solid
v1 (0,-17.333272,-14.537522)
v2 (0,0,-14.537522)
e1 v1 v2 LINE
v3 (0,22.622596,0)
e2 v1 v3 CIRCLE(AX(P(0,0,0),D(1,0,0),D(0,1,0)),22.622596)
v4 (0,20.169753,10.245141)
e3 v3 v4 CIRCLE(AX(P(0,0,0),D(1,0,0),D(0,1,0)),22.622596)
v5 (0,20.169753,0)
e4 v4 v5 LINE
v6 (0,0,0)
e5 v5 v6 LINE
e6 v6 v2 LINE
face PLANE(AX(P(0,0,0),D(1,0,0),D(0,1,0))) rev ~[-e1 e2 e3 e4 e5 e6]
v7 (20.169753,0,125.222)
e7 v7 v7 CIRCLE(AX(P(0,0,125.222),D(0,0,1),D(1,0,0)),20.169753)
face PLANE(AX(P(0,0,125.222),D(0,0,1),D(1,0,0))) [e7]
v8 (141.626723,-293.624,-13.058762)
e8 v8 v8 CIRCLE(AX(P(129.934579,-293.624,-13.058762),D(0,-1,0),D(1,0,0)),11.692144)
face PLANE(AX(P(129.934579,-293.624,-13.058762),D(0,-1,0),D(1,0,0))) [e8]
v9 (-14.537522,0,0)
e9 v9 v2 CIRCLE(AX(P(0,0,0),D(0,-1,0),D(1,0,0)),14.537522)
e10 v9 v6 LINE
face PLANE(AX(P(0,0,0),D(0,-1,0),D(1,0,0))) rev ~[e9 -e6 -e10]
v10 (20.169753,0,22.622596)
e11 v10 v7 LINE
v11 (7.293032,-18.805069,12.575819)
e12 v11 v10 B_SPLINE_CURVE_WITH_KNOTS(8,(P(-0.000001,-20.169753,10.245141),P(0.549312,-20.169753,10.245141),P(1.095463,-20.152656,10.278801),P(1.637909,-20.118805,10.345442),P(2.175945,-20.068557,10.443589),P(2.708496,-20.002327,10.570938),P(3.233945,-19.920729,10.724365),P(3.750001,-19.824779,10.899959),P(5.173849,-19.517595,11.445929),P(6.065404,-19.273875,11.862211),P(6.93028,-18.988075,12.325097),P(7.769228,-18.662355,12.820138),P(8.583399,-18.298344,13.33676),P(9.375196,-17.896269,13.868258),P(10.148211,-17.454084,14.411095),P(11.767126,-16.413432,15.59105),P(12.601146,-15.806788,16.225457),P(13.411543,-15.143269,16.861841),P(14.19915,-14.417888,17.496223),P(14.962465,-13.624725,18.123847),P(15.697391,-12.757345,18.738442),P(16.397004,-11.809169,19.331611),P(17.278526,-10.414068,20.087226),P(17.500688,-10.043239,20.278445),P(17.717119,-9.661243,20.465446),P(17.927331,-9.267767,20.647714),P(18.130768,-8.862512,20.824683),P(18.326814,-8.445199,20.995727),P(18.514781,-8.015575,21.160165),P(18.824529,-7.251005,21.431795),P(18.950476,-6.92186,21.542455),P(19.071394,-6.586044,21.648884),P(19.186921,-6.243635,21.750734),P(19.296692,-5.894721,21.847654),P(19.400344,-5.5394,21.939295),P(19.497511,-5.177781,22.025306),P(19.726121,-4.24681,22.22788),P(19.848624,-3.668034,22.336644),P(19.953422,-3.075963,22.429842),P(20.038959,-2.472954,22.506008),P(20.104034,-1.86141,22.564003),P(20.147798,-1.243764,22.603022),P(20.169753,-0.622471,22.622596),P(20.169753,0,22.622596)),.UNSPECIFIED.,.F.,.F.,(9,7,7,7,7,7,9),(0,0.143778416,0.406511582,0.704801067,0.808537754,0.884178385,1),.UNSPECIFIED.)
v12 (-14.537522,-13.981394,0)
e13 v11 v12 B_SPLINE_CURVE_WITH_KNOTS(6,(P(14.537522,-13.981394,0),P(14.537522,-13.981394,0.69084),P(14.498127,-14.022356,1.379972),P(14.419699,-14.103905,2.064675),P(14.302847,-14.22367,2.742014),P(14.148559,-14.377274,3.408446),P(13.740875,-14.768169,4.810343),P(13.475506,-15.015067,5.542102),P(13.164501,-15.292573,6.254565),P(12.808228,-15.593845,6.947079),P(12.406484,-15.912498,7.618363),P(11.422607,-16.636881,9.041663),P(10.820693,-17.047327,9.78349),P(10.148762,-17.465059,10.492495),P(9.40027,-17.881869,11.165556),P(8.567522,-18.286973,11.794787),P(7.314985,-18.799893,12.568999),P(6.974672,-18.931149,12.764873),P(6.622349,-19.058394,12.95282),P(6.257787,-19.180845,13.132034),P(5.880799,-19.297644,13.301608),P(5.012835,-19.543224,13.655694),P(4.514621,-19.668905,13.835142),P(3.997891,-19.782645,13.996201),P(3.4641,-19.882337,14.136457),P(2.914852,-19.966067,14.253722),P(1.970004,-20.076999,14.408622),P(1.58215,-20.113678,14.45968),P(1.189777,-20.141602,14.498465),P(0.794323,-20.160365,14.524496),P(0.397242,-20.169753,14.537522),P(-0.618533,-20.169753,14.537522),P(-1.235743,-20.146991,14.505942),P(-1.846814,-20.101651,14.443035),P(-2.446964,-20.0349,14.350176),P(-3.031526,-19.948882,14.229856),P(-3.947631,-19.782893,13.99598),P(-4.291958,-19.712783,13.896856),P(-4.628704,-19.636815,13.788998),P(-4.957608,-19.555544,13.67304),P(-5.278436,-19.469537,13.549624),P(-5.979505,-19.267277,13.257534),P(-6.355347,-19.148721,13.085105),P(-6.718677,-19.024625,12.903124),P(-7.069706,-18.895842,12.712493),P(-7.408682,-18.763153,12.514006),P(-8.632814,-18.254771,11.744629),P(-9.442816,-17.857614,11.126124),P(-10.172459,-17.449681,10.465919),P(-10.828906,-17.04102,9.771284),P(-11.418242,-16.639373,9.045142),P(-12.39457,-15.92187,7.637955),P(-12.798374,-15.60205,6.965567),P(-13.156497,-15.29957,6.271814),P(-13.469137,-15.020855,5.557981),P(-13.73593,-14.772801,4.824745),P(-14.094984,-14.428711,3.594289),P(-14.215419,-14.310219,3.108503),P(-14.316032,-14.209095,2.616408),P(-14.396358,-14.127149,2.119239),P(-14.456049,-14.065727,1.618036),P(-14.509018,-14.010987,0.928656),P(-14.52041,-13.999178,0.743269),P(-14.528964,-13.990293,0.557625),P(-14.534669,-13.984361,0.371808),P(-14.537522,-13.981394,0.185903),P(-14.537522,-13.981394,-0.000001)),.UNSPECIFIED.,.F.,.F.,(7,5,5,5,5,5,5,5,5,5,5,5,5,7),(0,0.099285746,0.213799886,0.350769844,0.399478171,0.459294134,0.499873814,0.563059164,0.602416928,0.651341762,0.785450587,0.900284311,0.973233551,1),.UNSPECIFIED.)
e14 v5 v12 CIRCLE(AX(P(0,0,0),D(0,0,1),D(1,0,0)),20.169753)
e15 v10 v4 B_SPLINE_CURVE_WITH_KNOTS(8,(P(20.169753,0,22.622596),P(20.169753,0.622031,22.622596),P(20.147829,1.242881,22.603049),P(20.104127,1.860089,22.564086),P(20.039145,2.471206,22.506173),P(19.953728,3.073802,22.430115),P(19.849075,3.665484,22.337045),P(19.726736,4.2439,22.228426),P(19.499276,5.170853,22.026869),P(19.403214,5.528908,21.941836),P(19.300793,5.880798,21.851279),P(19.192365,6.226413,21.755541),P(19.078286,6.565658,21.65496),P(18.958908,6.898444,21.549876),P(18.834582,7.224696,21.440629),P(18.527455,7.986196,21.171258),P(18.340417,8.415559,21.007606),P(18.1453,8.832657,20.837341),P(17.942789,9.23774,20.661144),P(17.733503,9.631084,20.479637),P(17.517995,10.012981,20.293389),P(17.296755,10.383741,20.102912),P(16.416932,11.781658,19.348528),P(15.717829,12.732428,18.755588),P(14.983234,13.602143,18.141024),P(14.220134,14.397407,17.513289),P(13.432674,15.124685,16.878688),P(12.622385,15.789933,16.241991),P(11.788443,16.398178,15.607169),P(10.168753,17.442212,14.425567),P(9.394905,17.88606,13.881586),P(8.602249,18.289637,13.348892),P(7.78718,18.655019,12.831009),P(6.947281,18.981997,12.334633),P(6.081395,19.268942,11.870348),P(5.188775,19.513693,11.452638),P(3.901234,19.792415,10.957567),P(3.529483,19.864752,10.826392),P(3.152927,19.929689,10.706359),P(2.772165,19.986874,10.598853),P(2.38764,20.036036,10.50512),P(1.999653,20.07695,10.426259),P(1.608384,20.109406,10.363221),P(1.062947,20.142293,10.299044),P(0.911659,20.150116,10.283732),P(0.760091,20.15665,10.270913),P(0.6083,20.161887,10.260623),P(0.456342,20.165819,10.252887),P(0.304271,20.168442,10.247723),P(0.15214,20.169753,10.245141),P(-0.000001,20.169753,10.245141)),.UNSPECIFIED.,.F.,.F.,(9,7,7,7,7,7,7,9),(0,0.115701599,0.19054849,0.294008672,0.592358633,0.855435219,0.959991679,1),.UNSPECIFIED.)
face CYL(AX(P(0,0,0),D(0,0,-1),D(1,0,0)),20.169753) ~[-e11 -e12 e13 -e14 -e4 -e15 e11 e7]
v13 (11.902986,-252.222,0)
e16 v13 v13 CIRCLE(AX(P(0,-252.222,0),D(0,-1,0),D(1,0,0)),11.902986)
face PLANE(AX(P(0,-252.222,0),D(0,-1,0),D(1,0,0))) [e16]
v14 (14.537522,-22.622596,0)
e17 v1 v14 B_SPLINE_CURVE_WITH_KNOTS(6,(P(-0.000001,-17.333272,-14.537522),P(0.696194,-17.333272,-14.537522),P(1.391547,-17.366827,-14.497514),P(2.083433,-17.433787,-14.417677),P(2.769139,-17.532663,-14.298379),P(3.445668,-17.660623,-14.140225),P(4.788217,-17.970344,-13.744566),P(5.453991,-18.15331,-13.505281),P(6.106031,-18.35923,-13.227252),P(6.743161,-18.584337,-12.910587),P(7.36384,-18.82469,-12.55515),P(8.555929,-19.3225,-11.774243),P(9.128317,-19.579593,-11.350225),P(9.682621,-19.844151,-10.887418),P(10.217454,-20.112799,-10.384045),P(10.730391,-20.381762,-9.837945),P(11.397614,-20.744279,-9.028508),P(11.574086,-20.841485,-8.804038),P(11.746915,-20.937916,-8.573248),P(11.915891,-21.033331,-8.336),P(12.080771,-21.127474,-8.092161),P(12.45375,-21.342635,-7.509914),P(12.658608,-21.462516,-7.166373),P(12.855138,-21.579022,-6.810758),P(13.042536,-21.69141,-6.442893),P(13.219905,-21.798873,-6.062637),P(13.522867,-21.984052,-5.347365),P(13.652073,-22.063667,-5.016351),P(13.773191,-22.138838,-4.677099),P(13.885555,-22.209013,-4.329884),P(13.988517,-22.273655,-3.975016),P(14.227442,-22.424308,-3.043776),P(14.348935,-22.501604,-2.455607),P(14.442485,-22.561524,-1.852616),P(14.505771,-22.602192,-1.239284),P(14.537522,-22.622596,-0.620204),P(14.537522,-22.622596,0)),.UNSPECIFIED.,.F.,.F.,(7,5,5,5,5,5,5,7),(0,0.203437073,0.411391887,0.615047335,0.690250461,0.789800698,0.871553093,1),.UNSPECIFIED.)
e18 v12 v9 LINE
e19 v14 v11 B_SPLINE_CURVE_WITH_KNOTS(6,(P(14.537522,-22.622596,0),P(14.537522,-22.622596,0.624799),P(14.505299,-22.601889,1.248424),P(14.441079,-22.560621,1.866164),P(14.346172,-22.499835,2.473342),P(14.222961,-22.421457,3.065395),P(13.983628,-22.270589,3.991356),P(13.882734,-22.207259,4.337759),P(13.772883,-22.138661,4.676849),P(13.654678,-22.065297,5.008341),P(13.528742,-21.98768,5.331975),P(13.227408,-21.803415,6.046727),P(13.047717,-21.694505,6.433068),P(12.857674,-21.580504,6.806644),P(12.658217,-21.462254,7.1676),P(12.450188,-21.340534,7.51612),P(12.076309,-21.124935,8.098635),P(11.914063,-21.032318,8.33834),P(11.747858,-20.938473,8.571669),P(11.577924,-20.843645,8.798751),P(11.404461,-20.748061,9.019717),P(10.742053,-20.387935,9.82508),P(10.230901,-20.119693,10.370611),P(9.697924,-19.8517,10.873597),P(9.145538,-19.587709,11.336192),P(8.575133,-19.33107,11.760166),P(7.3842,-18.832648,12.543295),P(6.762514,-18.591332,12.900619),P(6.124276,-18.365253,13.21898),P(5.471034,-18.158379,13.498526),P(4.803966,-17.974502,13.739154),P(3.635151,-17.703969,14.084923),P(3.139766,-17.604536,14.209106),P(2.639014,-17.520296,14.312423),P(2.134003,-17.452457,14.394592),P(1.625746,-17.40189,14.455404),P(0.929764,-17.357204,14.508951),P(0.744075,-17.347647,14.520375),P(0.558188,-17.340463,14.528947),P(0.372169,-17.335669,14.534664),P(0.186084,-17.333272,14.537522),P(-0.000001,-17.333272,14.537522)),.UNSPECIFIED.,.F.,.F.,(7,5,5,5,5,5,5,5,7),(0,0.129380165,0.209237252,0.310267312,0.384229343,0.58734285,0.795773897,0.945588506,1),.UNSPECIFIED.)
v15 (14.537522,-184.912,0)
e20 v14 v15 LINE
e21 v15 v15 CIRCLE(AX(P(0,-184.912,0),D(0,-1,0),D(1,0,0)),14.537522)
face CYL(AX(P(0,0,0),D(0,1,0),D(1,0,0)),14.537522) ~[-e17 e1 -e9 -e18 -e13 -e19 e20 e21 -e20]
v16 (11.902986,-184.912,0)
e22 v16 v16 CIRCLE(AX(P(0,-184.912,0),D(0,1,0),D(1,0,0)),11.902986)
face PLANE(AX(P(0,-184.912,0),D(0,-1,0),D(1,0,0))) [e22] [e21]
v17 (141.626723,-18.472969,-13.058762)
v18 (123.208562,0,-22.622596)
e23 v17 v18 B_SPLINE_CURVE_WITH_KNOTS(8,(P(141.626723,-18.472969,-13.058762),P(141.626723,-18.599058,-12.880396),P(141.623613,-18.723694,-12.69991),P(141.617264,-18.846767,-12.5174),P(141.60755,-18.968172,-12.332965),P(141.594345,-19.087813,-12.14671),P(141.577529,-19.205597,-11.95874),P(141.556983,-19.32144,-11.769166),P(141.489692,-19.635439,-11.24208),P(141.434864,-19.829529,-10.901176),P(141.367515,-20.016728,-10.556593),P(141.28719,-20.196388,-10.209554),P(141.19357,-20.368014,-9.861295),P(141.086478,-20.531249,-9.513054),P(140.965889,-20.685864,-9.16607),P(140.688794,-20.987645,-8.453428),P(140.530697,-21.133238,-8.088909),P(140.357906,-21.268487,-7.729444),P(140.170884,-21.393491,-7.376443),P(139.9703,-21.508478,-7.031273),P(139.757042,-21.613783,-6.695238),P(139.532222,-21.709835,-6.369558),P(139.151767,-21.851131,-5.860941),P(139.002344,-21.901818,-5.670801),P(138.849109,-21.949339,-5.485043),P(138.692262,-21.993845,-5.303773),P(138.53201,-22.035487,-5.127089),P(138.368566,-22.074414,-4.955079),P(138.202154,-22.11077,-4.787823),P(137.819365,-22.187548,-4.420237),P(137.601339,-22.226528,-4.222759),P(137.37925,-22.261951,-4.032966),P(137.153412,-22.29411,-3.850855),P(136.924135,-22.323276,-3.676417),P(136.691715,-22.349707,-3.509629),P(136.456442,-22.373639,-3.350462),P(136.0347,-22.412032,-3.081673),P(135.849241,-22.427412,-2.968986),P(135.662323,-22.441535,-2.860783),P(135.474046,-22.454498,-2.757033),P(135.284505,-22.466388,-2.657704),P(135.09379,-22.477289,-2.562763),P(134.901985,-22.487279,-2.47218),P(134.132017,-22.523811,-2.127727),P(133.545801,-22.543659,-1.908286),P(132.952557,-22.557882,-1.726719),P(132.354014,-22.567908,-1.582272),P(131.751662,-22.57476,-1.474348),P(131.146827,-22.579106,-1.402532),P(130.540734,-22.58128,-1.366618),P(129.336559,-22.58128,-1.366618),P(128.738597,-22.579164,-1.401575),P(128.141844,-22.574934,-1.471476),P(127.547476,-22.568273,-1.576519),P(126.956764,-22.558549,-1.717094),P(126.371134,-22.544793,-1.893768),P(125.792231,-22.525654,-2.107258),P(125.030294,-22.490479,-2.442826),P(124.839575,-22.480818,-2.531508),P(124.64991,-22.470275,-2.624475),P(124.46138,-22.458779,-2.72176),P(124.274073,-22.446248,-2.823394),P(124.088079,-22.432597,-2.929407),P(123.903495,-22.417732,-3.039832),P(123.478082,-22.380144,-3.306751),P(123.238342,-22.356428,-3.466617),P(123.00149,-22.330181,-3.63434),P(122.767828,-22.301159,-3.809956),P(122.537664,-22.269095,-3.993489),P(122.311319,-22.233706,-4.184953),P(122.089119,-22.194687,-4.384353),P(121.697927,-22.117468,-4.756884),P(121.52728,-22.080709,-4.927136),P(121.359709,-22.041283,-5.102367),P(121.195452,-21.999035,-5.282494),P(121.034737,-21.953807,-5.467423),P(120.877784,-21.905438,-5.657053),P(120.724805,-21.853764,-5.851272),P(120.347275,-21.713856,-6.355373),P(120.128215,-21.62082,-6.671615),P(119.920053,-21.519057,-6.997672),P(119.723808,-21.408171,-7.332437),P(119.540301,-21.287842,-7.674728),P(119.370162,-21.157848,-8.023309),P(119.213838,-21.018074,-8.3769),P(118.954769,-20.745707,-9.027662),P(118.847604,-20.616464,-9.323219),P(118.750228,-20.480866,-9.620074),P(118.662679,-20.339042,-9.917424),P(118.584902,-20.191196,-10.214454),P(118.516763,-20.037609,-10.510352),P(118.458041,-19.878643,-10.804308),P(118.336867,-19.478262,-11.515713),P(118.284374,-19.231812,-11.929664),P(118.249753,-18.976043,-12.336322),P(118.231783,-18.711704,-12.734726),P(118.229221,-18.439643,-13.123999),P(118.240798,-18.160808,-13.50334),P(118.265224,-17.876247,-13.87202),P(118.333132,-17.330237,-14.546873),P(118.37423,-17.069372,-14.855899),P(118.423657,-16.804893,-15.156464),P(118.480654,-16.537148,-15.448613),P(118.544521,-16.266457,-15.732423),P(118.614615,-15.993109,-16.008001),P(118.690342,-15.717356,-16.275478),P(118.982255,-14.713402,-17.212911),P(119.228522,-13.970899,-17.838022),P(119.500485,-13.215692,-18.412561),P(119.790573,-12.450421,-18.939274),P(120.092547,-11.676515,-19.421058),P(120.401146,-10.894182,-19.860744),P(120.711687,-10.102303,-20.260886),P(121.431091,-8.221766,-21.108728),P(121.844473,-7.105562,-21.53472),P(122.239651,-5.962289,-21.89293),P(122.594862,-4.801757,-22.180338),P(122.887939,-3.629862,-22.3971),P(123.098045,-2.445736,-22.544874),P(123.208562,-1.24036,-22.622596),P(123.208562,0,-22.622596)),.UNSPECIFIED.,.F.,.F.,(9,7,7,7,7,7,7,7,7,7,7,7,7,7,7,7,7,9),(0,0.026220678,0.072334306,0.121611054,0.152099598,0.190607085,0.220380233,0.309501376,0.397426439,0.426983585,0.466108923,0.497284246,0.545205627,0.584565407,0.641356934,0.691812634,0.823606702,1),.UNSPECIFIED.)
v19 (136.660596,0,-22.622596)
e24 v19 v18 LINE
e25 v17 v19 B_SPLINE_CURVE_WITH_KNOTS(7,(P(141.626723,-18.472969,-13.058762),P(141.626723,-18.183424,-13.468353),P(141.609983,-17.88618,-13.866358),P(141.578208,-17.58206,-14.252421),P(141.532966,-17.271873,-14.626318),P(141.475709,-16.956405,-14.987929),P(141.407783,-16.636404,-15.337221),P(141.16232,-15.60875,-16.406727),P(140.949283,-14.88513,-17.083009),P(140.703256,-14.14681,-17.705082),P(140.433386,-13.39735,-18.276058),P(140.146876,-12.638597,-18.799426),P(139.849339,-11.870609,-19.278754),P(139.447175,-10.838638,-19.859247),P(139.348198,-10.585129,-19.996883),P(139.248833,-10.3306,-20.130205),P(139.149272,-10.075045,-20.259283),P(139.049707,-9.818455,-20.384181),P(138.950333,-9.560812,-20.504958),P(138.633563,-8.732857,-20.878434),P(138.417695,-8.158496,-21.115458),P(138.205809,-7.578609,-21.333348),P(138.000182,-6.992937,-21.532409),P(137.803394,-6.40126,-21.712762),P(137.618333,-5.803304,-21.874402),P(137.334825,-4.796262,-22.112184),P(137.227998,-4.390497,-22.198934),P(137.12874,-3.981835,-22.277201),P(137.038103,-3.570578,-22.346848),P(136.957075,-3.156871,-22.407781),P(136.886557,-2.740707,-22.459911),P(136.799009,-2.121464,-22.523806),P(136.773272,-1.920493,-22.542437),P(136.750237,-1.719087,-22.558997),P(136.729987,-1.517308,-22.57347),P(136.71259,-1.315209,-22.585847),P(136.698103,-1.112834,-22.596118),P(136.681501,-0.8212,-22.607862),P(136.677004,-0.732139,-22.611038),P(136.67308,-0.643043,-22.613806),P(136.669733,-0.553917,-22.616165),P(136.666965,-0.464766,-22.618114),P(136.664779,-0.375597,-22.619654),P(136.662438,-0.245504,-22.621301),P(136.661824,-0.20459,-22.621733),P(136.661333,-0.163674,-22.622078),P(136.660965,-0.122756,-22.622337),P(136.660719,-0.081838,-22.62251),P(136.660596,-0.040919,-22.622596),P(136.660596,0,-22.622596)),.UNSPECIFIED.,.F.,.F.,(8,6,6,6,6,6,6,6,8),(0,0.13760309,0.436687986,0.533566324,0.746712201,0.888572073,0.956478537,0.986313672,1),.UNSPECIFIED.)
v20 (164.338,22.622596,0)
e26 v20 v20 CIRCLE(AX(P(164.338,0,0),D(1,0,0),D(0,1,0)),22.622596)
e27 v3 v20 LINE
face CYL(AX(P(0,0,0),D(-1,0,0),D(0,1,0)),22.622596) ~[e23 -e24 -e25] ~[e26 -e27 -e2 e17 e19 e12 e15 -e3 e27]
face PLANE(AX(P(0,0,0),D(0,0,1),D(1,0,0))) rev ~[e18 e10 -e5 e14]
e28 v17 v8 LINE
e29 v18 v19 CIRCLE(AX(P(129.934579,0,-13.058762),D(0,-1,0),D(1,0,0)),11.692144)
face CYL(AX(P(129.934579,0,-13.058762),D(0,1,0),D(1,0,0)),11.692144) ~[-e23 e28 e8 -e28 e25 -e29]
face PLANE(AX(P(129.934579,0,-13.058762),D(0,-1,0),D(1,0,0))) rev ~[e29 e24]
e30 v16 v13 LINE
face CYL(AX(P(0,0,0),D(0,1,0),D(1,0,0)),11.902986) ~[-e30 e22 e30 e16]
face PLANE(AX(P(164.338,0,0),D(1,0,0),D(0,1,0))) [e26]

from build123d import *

# Parameters (mm, degrees)
F0_R     = 22.622596
F1_DEPTH = 164.338
F2_R     = 11.902986
F3_DEPTH = 252.222
F4_R     = 11.692144
F5_DEPTH = 293.624
F6_R     = 20.169753
F7_DEPTH = 125.222
F8_R     = 14.537522
F9_DEPTH = 184.912


with BuildPart() as f1:
    # F0 (on Right) → F1 (new body)
    with BuildSketch(Plane.YZ):
        Circle(F0_R)
    extrude(amount=F1_DEPTH)

    # F2 (on Front) → F3 (join)
    with BuildSketch(Plane.XZ):
        Circle(F2_R)
    extrude(amount=F3_DEPTH)

    # F4 (on Front) → F5 (join)
    with BuildSketch(Plane.XZ):
        with Locations((129.934579, -13.058762)):
            Circle(F4_R)
    extrude(amount=F5_DEPTH)

    # F6 (on Top) → F7 (join)
    with BuildSketch(Plane.XY):
        Circle(F6_R)
    extrude(amount=F7_DEPTH)

    # F8 (on Front) → F9 (join)
    with BuildSketch(Plane.XZ):
        Circle(F8_R)
    extrude(amount=F9_DEPTH)


solid = f1.part
